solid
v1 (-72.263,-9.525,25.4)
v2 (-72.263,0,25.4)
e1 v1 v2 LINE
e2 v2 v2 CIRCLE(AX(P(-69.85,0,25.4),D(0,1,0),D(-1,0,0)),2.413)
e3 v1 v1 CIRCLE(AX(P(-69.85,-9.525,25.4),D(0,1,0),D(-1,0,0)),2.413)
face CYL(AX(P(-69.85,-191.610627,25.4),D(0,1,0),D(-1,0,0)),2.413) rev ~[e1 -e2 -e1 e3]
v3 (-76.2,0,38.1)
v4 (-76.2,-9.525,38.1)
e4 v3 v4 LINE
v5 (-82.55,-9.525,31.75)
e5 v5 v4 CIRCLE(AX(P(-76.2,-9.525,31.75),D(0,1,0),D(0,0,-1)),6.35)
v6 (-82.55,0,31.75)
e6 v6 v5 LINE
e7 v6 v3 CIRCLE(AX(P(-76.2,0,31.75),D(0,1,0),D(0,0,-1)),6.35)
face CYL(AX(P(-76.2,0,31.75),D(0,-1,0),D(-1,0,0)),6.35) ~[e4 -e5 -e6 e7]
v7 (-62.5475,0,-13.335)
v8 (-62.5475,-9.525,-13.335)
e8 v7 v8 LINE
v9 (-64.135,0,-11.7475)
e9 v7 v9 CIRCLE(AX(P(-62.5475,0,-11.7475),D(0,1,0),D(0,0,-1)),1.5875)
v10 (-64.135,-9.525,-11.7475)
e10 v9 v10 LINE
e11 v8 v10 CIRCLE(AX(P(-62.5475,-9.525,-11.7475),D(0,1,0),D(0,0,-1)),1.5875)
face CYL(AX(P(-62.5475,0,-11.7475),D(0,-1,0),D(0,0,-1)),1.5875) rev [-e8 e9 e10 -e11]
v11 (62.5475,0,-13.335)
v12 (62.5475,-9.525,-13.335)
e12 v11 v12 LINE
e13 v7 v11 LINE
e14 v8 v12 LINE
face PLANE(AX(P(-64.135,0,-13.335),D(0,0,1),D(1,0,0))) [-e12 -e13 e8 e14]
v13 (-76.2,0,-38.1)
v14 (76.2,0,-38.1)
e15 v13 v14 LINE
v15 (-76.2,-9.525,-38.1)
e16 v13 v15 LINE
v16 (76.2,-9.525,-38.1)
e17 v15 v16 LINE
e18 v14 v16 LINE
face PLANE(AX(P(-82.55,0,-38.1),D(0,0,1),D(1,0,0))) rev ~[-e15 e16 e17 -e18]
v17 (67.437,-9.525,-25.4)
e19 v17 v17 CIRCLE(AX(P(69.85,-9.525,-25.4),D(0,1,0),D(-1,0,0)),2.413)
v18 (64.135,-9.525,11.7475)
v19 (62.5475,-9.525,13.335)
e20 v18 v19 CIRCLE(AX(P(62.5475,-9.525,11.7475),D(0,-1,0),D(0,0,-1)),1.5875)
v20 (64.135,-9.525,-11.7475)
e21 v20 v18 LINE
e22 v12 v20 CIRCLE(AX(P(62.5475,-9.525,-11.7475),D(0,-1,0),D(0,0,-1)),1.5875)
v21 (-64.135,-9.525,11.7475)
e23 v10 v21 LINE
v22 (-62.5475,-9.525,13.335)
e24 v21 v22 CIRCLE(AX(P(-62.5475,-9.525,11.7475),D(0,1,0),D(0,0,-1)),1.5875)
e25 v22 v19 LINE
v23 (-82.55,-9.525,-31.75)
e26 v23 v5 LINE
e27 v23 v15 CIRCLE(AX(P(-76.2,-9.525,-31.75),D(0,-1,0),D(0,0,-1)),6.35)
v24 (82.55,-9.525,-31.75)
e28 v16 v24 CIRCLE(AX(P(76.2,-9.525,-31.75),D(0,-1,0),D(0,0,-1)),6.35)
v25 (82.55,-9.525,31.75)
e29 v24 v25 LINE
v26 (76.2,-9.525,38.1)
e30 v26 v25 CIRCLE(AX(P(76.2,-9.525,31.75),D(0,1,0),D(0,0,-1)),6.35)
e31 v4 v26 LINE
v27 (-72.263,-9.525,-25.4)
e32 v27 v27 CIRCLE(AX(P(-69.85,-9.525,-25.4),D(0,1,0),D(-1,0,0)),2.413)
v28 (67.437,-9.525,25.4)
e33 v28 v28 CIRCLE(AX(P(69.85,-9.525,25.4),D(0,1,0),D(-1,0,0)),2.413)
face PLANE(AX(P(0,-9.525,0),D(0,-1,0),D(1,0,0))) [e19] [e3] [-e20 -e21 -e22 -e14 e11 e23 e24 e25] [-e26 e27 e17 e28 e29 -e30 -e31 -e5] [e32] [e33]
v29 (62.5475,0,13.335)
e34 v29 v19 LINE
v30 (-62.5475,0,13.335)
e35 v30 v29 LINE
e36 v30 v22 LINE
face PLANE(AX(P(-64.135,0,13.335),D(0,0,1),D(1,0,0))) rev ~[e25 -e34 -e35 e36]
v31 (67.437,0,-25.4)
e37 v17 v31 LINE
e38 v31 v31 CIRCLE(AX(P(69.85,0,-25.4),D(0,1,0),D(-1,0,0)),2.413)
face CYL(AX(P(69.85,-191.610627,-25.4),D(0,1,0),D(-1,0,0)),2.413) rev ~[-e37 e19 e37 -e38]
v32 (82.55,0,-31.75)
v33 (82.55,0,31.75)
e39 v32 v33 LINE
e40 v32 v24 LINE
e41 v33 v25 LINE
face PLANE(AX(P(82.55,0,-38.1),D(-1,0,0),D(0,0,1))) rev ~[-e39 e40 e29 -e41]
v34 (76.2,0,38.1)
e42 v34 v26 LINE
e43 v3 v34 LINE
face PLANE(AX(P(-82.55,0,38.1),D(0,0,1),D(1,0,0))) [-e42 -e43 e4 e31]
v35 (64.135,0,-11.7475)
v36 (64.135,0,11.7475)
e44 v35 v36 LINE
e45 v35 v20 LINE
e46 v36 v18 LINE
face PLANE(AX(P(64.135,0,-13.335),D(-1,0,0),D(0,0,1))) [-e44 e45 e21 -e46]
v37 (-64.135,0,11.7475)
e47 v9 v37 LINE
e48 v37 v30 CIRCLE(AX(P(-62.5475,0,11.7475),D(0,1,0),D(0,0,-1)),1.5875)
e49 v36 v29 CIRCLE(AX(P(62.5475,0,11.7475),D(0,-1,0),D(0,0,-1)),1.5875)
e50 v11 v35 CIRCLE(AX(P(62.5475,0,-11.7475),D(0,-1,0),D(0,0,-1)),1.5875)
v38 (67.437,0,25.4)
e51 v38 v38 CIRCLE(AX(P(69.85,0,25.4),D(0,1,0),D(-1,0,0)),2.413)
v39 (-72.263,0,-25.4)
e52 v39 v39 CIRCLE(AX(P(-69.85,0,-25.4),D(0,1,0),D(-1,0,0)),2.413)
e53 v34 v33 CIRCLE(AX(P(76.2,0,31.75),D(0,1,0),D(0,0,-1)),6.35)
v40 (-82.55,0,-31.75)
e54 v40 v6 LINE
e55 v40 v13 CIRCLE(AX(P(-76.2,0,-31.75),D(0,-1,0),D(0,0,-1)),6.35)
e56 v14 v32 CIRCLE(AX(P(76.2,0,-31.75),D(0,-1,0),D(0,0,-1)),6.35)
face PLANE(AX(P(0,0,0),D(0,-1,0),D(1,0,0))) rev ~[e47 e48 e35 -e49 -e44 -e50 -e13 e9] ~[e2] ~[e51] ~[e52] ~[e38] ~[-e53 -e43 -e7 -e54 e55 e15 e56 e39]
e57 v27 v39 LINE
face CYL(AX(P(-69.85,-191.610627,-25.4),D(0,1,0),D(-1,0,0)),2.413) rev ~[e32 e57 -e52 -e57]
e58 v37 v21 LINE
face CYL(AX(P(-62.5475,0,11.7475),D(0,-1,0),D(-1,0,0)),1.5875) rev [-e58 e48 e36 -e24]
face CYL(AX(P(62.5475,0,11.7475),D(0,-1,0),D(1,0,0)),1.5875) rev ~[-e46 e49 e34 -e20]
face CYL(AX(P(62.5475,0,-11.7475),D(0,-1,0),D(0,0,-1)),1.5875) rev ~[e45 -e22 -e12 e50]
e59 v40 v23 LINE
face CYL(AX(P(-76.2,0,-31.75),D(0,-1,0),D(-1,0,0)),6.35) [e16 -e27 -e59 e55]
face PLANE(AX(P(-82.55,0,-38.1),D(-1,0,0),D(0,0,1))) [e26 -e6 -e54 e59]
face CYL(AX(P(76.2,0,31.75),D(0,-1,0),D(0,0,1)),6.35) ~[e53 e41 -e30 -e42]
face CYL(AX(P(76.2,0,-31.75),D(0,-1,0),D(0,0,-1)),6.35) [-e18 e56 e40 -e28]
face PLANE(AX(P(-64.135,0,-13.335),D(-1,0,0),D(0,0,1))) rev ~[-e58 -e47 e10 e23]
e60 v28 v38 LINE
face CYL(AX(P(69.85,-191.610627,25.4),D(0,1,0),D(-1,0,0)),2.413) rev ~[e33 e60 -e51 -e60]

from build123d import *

# Parameters (mm, degrees)
F0_W     = 165.1
F0_H     = 76.2
F0_W_2   = 128.27
F0_H_2   = 26.67
F1_DEPTH = 9.525
F3_D     = 4.826
F4_R     = 1.5875
F5_R     = 6.35


with BuildPart() as f1:
    # F0 (on Front) → F1 (new body)
    with BuildSketch(Plane.XZ):
        Rectangle(F0_W, F0_H)
        Rectangle(F0_W_2, F0_H_2, mode=Mode.SUBTRACT)
    extrude(amount=F1_DEPTH)

    # F3 (through all)
    with Locations(Plane.XZ.offset(9.525)):
        with Locations((-69.85, 25.4), (69.85, 25.4), (69.85, -25.4), (-69.85, -25.4)):
            Hole(F3_D / 2)

    # F4
    f4_edges = [f1.edges().sort_by_distance(p)[0] for p in [
        (-64.135, -4.7625, 13.335),
        (-64.135, -4.7625, -13.335),
        (64.135, -4.7625, -13.335),
        (64.135, -4.7625, 13.335),
    ]]
    fillet(f4_edges, radius=F4_R)

    # F5
    f5_edges = [f1.edges().sort_by_distance(p)[0] for p in [
        (82.55, -4.7625, 38.1),
        (-82.55, -4.7625, 38.1),
        (82.55, -4.7625, -38.1),
        (-82.55, -4.7625, -38.1),
    ]]
    fillet(f5_edges, radius=F5_R)


solid = f1.part
